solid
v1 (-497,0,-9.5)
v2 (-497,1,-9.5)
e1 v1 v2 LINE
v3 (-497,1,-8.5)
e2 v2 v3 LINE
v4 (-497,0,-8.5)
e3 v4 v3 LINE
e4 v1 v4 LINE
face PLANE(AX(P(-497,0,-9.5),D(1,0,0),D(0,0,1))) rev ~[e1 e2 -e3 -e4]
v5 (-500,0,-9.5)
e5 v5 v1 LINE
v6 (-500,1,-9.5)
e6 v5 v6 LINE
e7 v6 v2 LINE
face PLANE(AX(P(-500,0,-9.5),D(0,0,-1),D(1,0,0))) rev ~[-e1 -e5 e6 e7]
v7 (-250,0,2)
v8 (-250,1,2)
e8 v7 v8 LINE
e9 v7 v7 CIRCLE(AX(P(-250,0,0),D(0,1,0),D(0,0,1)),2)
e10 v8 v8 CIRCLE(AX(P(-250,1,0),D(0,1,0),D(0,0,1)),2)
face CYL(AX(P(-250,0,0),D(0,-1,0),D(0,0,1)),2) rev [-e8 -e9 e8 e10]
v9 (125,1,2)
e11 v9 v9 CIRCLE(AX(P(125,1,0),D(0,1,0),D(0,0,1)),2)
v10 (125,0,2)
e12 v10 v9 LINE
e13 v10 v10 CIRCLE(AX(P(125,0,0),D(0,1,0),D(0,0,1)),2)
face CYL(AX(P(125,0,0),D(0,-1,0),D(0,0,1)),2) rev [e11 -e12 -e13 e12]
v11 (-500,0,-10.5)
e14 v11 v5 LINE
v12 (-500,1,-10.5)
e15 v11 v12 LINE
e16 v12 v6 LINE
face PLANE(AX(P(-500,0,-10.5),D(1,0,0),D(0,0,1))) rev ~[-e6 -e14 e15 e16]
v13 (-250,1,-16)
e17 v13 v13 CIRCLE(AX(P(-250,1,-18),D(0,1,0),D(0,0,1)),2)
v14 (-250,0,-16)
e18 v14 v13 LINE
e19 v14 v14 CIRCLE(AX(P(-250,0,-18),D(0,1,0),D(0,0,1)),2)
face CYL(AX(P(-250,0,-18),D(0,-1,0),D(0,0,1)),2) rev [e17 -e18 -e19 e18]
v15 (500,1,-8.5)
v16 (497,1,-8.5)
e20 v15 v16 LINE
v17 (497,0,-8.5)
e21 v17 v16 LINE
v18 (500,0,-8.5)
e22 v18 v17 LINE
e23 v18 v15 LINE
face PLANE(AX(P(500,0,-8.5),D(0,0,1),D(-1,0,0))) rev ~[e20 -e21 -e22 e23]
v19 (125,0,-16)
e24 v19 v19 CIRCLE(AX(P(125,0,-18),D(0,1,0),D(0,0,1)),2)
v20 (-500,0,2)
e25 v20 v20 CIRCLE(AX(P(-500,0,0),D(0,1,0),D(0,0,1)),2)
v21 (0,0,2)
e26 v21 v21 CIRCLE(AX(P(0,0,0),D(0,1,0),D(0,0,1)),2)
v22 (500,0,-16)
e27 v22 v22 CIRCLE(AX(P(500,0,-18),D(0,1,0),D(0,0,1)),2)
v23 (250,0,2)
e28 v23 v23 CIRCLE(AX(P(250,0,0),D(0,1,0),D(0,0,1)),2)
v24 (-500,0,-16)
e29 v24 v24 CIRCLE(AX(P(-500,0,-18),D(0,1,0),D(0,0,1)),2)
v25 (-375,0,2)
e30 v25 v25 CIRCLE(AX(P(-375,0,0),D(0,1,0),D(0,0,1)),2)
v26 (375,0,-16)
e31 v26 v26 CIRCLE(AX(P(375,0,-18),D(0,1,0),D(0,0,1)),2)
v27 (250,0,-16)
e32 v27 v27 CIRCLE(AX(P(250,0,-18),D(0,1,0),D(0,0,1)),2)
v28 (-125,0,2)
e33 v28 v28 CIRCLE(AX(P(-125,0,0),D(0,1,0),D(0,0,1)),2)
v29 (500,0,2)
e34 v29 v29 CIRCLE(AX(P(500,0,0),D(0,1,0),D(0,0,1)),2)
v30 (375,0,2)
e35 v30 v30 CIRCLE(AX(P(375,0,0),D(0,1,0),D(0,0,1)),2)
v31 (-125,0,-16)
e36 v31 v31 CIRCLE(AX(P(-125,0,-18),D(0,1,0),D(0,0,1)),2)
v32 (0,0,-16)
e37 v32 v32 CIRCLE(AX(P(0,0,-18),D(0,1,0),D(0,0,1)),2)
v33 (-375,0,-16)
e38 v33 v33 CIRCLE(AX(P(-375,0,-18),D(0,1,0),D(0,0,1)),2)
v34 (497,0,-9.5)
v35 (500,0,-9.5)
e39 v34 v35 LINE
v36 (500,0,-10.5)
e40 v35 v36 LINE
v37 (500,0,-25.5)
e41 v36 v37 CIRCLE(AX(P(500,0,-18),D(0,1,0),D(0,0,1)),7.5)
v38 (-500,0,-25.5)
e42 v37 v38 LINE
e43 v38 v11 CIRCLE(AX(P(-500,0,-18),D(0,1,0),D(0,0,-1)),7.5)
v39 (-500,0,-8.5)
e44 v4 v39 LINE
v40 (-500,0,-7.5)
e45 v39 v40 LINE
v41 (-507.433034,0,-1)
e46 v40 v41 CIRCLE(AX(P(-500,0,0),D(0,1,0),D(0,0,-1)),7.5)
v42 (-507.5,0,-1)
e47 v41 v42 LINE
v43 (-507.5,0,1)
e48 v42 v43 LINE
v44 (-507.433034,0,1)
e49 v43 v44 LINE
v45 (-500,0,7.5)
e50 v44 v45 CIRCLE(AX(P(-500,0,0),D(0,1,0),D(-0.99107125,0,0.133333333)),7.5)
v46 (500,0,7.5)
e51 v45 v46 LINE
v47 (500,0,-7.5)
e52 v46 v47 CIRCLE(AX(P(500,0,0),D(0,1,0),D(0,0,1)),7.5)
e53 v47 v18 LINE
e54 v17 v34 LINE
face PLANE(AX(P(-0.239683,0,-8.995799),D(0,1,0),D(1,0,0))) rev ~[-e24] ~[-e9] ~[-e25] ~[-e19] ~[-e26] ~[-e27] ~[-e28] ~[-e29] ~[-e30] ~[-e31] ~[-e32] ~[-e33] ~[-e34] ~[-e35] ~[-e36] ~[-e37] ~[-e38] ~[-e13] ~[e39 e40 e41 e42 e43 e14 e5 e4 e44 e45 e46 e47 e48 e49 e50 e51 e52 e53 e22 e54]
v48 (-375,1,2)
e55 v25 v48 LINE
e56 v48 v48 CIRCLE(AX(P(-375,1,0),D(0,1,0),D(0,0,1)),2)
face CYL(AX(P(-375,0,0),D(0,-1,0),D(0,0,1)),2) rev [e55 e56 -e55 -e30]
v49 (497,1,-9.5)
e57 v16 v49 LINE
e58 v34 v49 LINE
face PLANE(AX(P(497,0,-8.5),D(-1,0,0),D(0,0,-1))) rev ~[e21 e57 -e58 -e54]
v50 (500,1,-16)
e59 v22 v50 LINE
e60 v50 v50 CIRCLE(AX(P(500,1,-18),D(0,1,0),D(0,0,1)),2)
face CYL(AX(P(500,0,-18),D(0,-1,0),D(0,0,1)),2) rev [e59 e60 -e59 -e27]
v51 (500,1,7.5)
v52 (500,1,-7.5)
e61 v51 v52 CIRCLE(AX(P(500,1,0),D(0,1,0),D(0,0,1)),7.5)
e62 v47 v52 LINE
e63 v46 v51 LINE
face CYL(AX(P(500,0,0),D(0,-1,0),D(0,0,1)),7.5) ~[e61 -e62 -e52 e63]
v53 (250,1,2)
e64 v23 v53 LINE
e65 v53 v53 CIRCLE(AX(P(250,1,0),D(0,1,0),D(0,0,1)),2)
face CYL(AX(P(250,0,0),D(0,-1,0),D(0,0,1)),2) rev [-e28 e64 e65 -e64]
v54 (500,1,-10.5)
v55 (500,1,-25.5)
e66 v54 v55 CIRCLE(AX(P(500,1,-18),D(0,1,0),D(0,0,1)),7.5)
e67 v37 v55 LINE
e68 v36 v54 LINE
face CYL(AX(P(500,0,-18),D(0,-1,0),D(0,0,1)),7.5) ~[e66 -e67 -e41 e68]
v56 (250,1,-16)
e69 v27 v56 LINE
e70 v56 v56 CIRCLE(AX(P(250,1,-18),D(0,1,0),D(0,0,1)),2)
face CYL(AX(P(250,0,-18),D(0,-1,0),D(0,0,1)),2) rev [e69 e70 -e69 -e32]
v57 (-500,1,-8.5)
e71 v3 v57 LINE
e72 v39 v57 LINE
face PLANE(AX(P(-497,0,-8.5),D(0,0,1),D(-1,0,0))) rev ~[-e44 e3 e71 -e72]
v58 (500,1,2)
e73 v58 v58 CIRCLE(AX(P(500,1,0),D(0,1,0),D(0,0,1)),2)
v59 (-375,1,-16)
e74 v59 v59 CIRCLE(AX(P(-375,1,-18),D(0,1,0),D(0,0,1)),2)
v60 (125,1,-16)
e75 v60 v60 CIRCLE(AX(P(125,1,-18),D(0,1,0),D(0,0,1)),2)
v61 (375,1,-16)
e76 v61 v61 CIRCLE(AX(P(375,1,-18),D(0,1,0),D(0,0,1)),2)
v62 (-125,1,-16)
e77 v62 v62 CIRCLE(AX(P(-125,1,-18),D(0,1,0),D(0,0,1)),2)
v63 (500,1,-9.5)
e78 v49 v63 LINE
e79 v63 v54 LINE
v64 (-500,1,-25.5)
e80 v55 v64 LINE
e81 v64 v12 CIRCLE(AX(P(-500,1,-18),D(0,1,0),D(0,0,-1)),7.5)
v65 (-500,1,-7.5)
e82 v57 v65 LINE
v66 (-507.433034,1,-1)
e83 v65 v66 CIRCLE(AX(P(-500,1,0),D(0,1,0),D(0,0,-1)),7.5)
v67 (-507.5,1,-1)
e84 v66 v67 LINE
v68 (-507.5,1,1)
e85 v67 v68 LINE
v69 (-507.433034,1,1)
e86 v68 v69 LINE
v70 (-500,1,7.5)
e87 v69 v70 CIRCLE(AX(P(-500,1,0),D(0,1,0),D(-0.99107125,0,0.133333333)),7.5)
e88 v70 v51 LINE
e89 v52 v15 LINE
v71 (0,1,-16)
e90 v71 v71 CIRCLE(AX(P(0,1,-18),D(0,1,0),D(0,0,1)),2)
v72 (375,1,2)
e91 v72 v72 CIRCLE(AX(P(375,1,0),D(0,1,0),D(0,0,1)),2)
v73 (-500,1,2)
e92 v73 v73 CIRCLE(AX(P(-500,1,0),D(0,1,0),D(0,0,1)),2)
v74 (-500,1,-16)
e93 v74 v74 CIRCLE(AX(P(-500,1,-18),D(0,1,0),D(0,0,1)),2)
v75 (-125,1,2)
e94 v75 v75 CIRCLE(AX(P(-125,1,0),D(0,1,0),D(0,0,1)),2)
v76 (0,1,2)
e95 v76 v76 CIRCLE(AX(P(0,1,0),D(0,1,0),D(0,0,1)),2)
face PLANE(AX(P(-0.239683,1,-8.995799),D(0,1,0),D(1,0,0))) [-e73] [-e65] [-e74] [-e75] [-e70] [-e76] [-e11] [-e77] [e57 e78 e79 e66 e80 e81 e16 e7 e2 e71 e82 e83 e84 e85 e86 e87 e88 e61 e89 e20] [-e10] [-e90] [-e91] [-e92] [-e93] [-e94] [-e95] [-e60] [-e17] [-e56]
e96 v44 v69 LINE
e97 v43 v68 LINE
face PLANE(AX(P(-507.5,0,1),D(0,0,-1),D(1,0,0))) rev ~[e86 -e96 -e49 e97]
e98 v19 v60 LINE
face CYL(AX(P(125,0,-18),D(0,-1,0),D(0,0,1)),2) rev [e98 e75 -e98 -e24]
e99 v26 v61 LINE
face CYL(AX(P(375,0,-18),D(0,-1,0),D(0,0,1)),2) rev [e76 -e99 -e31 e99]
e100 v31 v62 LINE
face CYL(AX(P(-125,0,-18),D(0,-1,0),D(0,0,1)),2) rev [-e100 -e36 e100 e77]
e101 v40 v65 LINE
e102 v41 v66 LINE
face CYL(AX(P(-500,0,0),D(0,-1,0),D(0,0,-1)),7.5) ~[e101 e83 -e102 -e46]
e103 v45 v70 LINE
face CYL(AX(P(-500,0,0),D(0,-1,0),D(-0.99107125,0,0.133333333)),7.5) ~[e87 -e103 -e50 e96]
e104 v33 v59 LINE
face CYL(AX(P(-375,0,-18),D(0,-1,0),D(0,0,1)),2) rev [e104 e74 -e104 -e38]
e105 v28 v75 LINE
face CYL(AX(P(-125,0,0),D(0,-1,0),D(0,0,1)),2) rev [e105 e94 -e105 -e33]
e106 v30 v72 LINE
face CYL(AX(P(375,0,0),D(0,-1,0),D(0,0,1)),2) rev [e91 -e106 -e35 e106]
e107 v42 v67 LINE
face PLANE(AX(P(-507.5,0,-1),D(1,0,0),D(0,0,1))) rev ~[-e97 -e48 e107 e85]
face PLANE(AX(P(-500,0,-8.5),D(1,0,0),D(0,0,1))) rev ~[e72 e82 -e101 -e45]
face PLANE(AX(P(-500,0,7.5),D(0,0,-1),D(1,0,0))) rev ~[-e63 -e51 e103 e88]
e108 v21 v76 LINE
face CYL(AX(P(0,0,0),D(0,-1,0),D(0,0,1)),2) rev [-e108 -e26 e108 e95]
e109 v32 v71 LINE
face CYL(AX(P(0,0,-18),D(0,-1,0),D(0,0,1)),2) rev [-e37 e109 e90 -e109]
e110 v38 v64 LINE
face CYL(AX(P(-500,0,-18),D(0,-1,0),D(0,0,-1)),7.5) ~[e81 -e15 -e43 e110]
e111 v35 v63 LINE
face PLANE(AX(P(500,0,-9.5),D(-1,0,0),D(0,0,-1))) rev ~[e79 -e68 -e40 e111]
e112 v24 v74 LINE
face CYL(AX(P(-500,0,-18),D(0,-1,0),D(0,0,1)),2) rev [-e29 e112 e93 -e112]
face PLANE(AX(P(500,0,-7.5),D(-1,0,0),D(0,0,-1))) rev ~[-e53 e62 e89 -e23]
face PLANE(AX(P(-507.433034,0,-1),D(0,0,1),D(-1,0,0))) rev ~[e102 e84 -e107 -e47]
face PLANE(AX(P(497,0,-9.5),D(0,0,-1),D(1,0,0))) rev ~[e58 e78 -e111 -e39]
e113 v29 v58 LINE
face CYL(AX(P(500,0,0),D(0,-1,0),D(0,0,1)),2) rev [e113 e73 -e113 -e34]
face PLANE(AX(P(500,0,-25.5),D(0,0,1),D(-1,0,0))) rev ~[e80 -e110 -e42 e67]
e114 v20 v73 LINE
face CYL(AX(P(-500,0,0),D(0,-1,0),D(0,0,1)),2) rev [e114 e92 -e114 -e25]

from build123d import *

# Parameters (mm, degrees)
SKETCH1_R           = 2
BOSS_EXTRUDE1_DEPTH = 1


with BuildPart() as part:
    # Sketch1 → Boss-Extrude1 (new body)
    with BuildSketch(Plane(origin=(0, 0, 0), x_dir=(1, 0, 0), z_dir=(0, 1, 0))):
        with BuildLine():
            Line((-500, -7.5), (500, -7.5))
            ThreePointArc((500, -7.5), (507.5, 0), (500, 7.5))
            Line((500, 7.5), (500, 8.5))
            Line((500, 8.5), (497, 8.5))
            Line((497, 8.5), (497, 9.5))
            Line((497, 9.5), (500, 9.5))
            Line((500, 9.5), (500, 10.5))
            ThreePointArc((500, 10.5), (507.5, 18), (500, 25.5))
            Line((500, 25.5), (-500, 25.5))
            ThreePointArc((-500, 25.5), (-507.5, 18), (-500, 10.5))
            Line((-500, 10.5), (-500, 9.5))
            Line((-500, 9.5), (-497, 9.5))
            Line((-497, 9.5), (-497, 8.5))
            Line((-497, 8.5), (-500, 8.5))
            Line((-500, 8.5), (-500, 7.5))
            ThreePointArc((-500, 7.5), (-504.937104415, 5.645794895), (-507.433034374, 1))
            Line((-507.433034374, 1), (-507.5, 1))
            Line((-507.5, 1), (-507.5, -1))
            Line((-507.5, -1), (-507.433034374, -1))
            ThreePointArc((-507.433034374, -1), (-504.937104415, -5.645794895), (-500, -7.5))
        make_face()
        with Locations(Location((0, 0, 0), (0, 0, 270))):
            Circle(SKETCH1_R, mode=Mode.SUBTRACT)
        with Locations(Location((125, 0, 0), (0, 0, 270))):
            Circle(SKETCH1_R, mode=Mode.SUBTRACT)
        with Locations(Location((250, 0, 0), (0, 0, 270))):
            Circle(SKETCH1_R, mode=Mode.SUBTRACT)
        with Locations(Location((375, 0, 0), (0, 0, 270))):
            Circle(SKETCH1_R, mode=Mode.SUBTRACT)
        with Locations(Location((500, 0, 0), (0, 0, 270))):
            Circle(SKETCH1_R, mode=Mode.SUBTRACT)
        with Locations(Location((-125, 0, 0), (0, 0, 270))):
            Circle(SKETCH1_R, mode=Mode.SUBTRACT)
        with Locations(Location((-250, 0, 0), (0, 0, 270))):
            Circle(SKETCH1_R, mode=Mode.SUBTRACT)
        with Locations(Location((-375, 0, 0), (0, 0, 270))):
            Circle(SKETCH1_R, mode=Mode.SUBTRACT)
        with Locations(Location((-500, 0, 0), (0, 0, 270))):
            Circle(SKETCH1_R, mode=Mode.SUBTRACT)
        with Locations(Location((0, 18, 0), (0, 0, 270))):
            Circle(SKETCH1_R, mode=Mode.SUBTRACT)
        with Locations(Location((125, 18, 0), (0, 0, 270))):
            Circle(SKETCH1_R, mode=Mode.SUBTRACT)
        with Locations(Location((250, 18, 0), (0, 0, 270))):
            Circle(SKETCH1_R, mode=Mode.SUBTRACT)
        with Locations(Location((375, 18, 0), (0, 0, 270))):
            Circle(SKETCH1_R, mode=Mode.SUBTRACT)
        with Locations(Location((500, 18, 0), (0, 0, 270))):
            Circle(SKETCH1_R, mode=Mode.SUBTRACT)
        with Locations(Location((-125, 18, 0), (0, 0, 270))):
            Circle(SKETCH1_R, mode=Mode.SUBTRACT)
        with Locations(Location((-250, 18, 0), (0, 0, 270))):
            Circle(SKETCH1_R, mode=Mode.SUBTRACT)
        with Locations(Location((-375, 18, 0), (0, 0, 270))):
            Circle(SKETCH1_R, mode=Mode.SUBTRACT)
        with Locations(Location((-500, 18, 0), (0, 0, 270))):
            Circle(SKETCH1_R, mode=Mode.SUBTRACT)
    extrude(amount=BOSS_EXTRUDE1_DEPTH)


solid = part.part
